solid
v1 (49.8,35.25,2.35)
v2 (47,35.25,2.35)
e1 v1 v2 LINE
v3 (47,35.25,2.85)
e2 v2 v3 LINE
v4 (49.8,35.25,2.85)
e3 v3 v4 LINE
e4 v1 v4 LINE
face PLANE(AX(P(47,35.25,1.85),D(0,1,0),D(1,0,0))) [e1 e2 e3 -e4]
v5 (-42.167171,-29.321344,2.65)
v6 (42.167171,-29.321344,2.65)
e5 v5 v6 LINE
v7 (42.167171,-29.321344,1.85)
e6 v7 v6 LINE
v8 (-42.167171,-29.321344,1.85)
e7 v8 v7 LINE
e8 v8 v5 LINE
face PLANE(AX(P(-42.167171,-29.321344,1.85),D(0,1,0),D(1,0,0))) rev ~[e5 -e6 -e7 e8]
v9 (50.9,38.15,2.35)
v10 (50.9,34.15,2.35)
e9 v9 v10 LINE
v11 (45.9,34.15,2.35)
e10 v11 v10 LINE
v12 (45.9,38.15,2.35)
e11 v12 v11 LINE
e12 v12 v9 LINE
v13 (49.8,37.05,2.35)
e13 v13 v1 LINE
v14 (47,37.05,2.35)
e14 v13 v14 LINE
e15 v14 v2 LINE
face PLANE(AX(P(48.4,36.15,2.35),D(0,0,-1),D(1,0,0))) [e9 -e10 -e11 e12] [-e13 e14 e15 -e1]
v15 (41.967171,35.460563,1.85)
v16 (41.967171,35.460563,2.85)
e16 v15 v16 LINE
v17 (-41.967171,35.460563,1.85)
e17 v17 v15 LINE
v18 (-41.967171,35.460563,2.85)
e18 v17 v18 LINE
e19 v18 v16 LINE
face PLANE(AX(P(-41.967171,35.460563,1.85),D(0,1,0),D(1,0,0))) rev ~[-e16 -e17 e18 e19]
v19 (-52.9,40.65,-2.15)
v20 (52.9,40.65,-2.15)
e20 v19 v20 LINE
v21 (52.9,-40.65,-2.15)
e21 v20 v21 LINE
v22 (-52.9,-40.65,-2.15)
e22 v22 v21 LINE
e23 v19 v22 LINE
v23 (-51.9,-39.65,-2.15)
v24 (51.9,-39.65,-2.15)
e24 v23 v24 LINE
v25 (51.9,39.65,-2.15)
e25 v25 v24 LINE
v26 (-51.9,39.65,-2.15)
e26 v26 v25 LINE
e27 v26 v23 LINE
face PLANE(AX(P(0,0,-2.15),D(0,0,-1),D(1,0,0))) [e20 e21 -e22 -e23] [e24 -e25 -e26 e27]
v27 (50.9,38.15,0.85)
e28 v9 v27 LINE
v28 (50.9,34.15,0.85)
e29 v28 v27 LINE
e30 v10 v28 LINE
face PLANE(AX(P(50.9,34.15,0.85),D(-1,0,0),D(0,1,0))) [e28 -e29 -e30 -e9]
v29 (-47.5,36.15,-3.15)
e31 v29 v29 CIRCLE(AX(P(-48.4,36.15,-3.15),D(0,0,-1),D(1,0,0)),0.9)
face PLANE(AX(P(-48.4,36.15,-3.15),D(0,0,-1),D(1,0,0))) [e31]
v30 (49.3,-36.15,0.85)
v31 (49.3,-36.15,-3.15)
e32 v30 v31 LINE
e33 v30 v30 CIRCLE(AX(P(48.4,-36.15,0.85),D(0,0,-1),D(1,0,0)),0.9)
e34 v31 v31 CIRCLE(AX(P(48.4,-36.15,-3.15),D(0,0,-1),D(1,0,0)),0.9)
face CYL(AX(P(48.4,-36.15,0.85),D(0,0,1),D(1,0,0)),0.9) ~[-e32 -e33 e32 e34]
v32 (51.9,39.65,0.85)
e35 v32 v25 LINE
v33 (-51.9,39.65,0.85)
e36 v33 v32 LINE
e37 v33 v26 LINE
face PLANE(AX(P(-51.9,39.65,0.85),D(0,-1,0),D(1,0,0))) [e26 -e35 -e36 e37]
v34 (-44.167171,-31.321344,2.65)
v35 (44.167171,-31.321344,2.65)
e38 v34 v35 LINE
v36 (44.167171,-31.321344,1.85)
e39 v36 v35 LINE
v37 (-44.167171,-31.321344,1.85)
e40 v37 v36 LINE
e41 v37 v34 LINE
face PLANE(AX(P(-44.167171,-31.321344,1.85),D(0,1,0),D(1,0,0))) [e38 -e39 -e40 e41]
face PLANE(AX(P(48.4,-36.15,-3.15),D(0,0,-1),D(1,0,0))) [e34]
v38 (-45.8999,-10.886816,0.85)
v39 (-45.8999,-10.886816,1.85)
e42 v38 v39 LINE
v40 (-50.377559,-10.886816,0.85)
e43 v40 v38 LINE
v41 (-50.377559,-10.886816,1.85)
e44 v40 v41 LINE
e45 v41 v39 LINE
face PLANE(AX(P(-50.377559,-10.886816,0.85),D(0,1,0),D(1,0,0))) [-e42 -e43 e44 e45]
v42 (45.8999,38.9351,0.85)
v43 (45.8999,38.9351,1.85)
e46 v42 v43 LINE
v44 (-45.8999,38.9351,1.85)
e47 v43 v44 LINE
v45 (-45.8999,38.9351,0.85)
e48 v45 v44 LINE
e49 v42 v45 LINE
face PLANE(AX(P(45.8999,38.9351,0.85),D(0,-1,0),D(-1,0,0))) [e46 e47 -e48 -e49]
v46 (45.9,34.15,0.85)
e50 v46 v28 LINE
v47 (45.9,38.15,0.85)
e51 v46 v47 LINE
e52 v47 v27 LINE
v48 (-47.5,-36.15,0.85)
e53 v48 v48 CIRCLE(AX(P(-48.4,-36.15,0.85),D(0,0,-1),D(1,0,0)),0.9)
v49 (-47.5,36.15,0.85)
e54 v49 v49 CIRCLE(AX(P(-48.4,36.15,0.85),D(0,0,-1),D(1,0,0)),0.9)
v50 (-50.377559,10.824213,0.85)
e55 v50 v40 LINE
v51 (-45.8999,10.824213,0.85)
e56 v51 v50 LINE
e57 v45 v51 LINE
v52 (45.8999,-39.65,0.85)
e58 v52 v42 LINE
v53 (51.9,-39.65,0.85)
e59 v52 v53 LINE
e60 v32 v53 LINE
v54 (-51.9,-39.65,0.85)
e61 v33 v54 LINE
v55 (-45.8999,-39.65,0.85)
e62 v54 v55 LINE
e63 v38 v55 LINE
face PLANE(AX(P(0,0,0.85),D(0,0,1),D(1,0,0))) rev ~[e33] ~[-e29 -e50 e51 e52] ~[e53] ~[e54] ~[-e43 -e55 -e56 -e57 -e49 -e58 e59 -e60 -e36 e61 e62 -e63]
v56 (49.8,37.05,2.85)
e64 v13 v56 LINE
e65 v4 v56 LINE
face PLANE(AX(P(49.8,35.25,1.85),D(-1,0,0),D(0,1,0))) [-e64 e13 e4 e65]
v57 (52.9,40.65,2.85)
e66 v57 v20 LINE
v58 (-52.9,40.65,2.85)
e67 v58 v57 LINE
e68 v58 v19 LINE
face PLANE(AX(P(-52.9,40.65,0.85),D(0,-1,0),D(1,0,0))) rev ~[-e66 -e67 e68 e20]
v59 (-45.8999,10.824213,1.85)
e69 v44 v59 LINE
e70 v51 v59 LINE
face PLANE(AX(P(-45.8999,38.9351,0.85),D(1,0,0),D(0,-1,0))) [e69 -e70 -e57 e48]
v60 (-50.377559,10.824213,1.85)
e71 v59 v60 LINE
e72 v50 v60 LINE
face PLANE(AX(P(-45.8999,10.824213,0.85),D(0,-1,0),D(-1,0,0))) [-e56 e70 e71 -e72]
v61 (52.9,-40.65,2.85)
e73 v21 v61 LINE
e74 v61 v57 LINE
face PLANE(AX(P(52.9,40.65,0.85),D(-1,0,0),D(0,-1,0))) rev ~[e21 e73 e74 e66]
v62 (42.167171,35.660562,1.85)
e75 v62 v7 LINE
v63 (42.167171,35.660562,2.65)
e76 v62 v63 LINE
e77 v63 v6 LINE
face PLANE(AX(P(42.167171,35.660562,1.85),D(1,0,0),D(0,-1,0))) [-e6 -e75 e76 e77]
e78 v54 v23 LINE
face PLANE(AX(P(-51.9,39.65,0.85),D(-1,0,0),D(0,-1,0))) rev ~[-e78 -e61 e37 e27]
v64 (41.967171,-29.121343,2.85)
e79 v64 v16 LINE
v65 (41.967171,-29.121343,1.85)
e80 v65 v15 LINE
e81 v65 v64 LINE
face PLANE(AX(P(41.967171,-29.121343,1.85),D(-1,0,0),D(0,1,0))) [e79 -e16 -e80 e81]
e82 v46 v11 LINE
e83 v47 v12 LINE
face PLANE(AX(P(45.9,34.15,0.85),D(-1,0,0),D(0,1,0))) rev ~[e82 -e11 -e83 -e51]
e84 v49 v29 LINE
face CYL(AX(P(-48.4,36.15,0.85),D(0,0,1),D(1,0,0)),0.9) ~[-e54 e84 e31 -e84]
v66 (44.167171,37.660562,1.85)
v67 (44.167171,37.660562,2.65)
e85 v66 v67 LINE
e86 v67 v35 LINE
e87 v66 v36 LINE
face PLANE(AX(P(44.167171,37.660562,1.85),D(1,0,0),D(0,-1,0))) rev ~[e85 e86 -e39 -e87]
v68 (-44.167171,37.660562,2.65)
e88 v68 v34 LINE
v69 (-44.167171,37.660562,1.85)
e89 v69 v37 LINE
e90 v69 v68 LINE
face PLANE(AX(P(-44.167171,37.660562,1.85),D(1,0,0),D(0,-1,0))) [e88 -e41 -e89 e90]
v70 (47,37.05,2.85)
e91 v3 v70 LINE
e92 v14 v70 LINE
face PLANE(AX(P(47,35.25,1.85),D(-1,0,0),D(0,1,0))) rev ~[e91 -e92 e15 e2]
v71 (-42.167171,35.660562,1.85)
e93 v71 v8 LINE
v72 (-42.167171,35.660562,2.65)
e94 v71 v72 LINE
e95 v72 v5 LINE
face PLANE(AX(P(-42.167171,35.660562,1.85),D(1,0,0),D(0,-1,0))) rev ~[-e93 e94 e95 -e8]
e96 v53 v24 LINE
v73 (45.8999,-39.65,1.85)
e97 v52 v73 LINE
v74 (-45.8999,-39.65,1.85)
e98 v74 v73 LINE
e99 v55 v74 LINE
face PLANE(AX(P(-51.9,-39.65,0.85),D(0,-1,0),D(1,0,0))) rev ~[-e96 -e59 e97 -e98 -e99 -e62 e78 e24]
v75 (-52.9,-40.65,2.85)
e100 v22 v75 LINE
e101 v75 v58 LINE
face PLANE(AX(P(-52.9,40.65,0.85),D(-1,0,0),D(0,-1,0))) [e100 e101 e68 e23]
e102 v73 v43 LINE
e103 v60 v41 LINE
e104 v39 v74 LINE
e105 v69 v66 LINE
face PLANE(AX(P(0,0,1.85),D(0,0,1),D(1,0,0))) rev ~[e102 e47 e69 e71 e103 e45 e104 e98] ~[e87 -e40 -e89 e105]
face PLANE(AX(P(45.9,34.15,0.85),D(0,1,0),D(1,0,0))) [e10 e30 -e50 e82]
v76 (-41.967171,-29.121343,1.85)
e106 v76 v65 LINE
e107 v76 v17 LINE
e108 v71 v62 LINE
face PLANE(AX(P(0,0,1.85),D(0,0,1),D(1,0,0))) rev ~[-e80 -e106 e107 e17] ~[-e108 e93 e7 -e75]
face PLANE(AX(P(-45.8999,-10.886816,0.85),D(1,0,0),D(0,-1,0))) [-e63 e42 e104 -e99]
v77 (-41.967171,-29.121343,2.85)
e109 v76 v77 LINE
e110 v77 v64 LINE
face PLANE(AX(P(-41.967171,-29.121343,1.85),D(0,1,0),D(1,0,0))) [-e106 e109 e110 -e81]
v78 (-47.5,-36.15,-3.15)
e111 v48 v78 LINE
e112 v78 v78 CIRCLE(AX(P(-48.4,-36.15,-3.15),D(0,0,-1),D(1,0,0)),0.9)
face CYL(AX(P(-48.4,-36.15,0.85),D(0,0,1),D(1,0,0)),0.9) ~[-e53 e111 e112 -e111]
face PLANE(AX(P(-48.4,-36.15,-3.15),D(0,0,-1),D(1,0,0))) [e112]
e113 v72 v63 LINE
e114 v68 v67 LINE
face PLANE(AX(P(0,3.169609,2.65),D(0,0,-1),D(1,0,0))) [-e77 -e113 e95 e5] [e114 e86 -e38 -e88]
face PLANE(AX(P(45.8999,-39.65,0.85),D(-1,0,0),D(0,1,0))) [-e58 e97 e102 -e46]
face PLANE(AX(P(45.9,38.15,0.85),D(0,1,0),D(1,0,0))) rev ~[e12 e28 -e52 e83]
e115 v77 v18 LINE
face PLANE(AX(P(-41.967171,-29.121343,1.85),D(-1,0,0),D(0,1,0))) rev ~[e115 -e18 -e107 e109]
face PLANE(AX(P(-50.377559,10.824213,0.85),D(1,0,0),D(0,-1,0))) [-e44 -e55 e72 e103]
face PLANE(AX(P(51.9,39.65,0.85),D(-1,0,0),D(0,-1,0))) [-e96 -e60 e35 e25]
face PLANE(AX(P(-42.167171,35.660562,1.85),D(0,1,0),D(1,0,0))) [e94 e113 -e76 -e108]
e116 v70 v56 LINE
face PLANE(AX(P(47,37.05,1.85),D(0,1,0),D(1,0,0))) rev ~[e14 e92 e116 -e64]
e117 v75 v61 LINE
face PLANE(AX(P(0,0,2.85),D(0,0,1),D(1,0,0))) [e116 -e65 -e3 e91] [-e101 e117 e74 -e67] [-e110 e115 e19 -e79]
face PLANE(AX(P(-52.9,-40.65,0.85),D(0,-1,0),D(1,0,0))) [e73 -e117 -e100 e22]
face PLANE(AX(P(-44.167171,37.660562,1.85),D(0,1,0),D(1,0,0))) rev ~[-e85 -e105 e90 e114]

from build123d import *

# Parameters (mm, degrees)
SKETCH_W        = 105.8
SKETCH_H        = 81.3
SKETCH_W_2      = 5
SKETCH_H_2      = 4
PAD_DEPTH       = 1
SKETCH001_W     = 105.8
SKETCH001_H     = 81.3
SKETCH001_W_2   = 83.934342
SKETCH001_H_2   = 64.581907
SKETCH001_W_3   = 2.8
SKETCH001_H_3   = 1.8
PAD001_DEPTH    = 1
SKETCH002_R     = 0.9
PAD002_DEPTH    = 4
SKETCH003_W     = 105.8
SKETCH003_H     = 81.3
SKETCH003_W_2   = 103.8
SKETCH003_H_2   = 79.3
PAD003_DEPTH    = 3
SKETCH014_W     = 5
SKETCH014_H     = 4
POCKET001_DEPTH = 0.5
SKETCH028_W     = 88.334342
SKETCH028_H     = 68.981907
SKETCH028_W_2   = 84.334342
SKETCH028_H_2   = 64.981907
POCKET015_DEPTH = 0.8


with BuildPart() as part:
    # Sketch (on Face286 of Binder) → Pad (new body)
    with BuildSketch(Plane.XY.offset(0.85)):
        Rectangle(SKETCH_W, SKETCH_H)
        Polygon((-45.8999, -39.65), (45.8999, -39.65), (45.8999, 38.9351), (-45.8999, 38.9351), (-45.8999, 10.824213), (-50.377559, 10.824213), (-50.377559, -10.886816), (-45.8999, -10.886816), align=None, mode=Mode.SUBTRACT)
        with Locations((48.4, 36.15)):
            Rectangle(SKETCH_W_2, SKETCH_H_2, mode=Mode.SUBTRACT)
    extrude(amount=PAD_DEPTH)

    # Sketch001 (on Face18 of Pad) → Pad001 (join)
    with BuildSketch(Plane.XY.offset(1.85)):
        Rectangle(SKETCH001_W, SKETCH001_H)
        with Locations((0, 3.16961)):
            Rectangle(SKETCH001_W_2, SKETCH001_H_2, mode=Mode.SUBTRACT)
        with Locations((48.4, 36.15)):
            Rectangle(SKETCH001_W_3, SKETCH001_H_3, mode=Mode.SUBTRACT)
    extrude(amount=PAD001_DEPTH)

    # Sketch002 (on Face1 of Pad001) → Pad002 (join)
    with BuildSketch(Plane(origin=(0, 0, 0.85), x_dir=(1, 0, 0), z_dir=(0, 0, -1))):
        with Locations((-48.4, 36.15)):
            Circle(SKETCH002_R)
        with Locations((48.4, 36.15)):
            Circle(SKETCH002_R)
        with Locations((-48.4, -36.15)):
            Circle(SKETCH002_R)
    extrude(amount=PAD002_DEPTH)

    # Sketch003 (on Face1 of Pad002) → Pad003 (join)
    with BuildSketch(Plane(origin=(0, 0, 0.85), x_dir=(1, 0, 0), z_dir=(0, 0, -1))):
        Rectangle(SKETCH003_W, SKETCH003_H)
        Rectangle(SKETCH003_W_2, SKETCH003_H_2, mode=Mode.SUBTRACT)
    extrude(amount=PAD003_DEPTH)

    # Sketch014 (on Face24 of Pad003) → Pocket001 (cut)
    with BuildSketch(Plane(origin=(0, 0, 1.85), x_dir=(1, 0, 0), z_dir=(0, 0, -1))):
        with Locations((48.4, -36.15)):
            Rectangle(SKETCH014_W, SKETCH014_H)
    extrude(amount=-POCKET001_DEPTH, mode=Mode.SUBTRACT)

    # Sketch028 (on Face19 of Pocket001) → Pocket015 (cut)
    with BuildSketch(Plane(origin=(0, 0, 1.85), x_dir=(1, 0, 0), z_dir=(0, 0, -1))):
        with Locations((0, -3.169609)):
            Rectangle(SKETCH028_W, SKETCH028_H)
        with Locations((0, -3.169609)):
            Rectangle(SKETCH028_W_2, SKETCH028_H_2, mode=Mode.SUBTRACT)
    extrude(amount=-POCKET015_DEPTH, mode=Mode.SUBTRACT)


solid = part.part
